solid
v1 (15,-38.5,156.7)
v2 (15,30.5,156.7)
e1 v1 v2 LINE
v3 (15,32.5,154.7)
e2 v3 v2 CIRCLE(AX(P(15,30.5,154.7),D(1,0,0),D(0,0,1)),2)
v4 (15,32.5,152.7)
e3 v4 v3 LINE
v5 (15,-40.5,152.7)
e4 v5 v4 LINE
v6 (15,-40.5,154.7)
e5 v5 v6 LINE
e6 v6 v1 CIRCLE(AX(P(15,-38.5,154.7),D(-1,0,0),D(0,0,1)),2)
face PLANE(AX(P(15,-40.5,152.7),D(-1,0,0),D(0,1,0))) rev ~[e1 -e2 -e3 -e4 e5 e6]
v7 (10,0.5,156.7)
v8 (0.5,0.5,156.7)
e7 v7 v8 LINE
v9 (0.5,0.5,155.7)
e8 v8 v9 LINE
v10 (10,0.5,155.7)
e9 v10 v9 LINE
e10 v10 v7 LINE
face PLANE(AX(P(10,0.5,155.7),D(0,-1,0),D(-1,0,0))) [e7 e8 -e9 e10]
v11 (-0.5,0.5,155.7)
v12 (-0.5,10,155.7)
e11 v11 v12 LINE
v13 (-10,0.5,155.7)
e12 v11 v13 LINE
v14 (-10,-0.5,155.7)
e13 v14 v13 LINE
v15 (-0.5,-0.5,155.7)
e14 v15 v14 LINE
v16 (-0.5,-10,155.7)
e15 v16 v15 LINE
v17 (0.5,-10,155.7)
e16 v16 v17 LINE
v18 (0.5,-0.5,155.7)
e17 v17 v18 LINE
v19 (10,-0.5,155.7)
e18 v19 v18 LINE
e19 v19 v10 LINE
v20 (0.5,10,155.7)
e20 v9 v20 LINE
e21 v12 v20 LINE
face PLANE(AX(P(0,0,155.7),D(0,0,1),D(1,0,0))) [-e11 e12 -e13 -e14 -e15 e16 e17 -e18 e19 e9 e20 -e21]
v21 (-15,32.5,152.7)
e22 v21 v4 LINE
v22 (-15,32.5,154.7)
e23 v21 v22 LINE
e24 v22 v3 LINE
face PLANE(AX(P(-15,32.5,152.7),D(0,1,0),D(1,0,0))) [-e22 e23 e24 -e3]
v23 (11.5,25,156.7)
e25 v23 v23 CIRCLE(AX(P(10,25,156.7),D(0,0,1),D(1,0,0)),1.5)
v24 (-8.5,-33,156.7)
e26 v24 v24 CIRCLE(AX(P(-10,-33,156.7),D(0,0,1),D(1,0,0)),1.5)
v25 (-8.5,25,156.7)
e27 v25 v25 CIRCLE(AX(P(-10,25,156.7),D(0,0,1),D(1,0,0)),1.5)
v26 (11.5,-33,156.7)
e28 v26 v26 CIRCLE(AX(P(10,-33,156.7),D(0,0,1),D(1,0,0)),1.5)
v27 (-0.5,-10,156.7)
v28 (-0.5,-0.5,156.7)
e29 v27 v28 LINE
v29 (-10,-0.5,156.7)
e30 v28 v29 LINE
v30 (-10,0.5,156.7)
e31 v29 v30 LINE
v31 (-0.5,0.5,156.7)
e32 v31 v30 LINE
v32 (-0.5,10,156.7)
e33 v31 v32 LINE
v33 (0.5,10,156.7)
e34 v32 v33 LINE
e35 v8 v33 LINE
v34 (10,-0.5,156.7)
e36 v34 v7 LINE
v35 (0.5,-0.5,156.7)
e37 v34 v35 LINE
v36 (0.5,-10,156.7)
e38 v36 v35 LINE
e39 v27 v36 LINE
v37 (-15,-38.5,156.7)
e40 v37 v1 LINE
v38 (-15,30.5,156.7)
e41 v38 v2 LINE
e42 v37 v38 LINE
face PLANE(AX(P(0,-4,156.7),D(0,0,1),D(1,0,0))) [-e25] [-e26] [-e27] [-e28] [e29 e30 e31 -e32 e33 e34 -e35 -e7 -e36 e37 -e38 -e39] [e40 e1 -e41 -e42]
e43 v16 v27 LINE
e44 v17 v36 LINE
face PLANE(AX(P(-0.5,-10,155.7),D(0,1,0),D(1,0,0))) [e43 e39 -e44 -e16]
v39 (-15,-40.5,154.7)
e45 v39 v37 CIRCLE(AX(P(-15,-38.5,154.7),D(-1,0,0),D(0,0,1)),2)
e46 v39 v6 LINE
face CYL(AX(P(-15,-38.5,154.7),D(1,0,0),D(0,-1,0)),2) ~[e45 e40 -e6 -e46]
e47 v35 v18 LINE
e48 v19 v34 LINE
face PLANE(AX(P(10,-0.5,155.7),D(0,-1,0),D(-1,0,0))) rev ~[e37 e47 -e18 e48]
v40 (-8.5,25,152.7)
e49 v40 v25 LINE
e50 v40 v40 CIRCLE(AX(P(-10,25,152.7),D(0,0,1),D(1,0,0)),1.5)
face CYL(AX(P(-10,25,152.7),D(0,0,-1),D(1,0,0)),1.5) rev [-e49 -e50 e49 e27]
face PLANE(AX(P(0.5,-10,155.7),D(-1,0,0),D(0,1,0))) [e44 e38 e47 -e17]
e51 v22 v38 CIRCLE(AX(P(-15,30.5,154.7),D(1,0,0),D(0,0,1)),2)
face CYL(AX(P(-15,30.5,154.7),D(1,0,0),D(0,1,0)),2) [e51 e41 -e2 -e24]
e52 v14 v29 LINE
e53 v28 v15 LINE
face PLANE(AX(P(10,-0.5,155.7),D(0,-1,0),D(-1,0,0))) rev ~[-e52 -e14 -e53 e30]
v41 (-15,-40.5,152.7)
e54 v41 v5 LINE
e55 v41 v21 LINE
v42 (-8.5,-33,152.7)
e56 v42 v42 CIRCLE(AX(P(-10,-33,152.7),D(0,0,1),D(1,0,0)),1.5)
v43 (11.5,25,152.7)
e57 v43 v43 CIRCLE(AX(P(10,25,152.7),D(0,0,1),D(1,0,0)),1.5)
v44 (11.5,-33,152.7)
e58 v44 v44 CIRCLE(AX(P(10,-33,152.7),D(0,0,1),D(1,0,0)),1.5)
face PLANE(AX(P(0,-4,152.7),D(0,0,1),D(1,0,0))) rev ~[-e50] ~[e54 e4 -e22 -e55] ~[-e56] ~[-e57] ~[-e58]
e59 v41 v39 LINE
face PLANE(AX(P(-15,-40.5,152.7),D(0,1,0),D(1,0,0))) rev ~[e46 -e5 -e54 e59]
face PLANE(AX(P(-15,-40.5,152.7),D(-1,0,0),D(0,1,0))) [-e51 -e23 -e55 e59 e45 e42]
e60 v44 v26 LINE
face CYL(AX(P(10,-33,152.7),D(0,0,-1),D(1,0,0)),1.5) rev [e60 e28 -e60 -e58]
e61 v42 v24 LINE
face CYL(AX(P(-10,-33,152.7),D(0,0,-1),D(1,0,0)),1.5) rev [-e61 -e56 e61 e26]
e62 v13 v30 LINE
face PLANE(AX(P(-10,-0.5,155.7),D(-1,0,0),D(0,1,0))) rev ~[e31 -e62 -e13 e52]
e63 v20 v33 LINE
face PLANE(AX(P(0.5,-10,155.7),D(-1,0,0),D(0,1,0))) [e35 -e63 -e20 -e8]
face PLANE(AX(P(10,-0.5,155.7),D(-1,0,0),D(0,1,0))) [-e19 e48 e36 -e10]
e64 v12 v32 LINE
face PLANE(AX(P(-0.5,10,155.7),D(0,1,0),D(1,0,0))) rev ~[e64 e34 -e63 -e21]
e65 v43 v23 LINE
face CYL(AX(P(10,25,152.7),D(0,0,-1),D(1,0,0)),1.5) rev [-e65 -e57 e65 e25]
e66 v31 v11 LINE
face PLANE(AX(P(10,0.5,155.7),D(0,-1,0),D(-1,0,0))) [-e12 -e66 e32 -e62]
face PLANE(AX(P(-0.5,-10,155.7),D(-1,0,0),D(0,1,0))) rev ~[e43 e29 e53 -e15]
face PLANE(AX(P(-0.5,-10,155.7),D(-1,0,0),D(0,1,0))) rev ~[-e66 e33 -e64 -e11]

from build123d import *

# Parameters (mm, degrees)
CYLINDER041_R     = 1.5
CYLINDER041_DEPTH = 4
CYLINDER040_R     = 1.5
CYLINDER040_DEPTH = 4
CYLINDER042_R     = 1.5
CYLINDER042_DEPTH = 4
BOX010_W          = 1
BOX010_H          = 20
BOX010_DEPTH      = 1
BOX011_W          = 1
BOX011_H          = 20
BOX011_DEPTH      = 1
CYLINDER039_R     = 1.5
CYLINDER039_DEPTH = 4
BOX004_W          = 30
BOX004_H          = 73
BOX004_DEPTH      = 4
FILLET004_R       = 2


with BuildPart() as payload_plate_screw005:
    # Cylinder041 → Cylinder041 (new body)
    with BuildSketch(Plane(origin=(-10, 25, 152.7), x_dir=(1, 0, 0), z_dir=(0, 0, 1))):
        Circle(CYLINDER041_R)
    extrude(amount=CYLINDER041_DEPTH)


with BuildPart() as payload_plate_screw004:
    # Cylinder040 → Cylinder040 (new body)
    with BuildSketch(Plane(origin=(-10, -33, 152.7), x_dir=(1, 0, 0), z_dir=(0, 0, 1))):
        Circle(CYLINDER040_R)
    extrude(amount=CYLINDER040_DEPTH)


with BuildPart() as payload_plate_screw006:
    # Cylinder042 → Cylinder042 (new body)
    with BuildSketch(Plane(origin=(10, 25, 152.7), x_dir=(1, 0, 0), z_dir=(0, 0, 1))):
        Circle(CYLINDER042_R)
    extrude(amount=CYLINDER042_DEPTH)


with BuildPart() as center_plate001:
    # Box010 → Box010 (new body)
    with BuildSketch(Plane(origin=(-0.5, -10, 155.7), x_dir=(1, 0, 0), z_dir=(0, 0, 1))):
        with Locations((0.5, 10)):
            Rectangle(BOX010_W, BOX010_H)
    extrude(amount=BOX010_DEPTH)


with BuildPart() as payload_plate_center:
    # Box011 → Box011 (new body)
    with BuildSketch(Plane(origin=(10, -0.5, 155.7), x_dir=(0, 1, 0), z_dir=(0, 0, 1))):
        with Locations((0.5, 10)):
            Rectangle(BOX011_W, BOX011_H)
    extrude(amount=BOX011_DEPTH)

    # Fusion018: union center-plate001
    add(center_plate001.part)


with BuildPart() as payload_plate_screw_holes:
    # Cylinder039 → Cylinder039 (new body)
    with BuildSketch(Plane(origin=(10, -33, 152.7), x_dir=(1, 0, 0), z_dir=(0, 0, 1))):
        Circle(CYLINDER039_R)
    extrude(amount=CYLINDER039_DEPTH)

    # Compound003: union payload-plate-screw005, payload-plate-screw004, payload-plate-screw006, payload-plate-center
    add(payload_plate_screw005.part)
    add(payload_plate_screw004.part)
    add(payload_plate_screw006.part)
    add(payload_plate_center.part)


with BuildPart() as payload_plate:
    # Box004 → Box004 (new body)
    with BuildSketch(Plane(origin=(-15, -40.5, 152.7), x_dir=(1, 0, 0), z_dir=(0, 0, 1))):
        with Locations((15, 36.5)):
            Rectangle(BOX004_W, BOX004_H)
    extrude(amount=BOX004_DEPTH)

    # Fillet004
    fillet004_edges = [payload_plate.edges().sort_by_distance(p)[0] for p in [
        (0, -40.5, 156.7),
        (0, 32.5, 156.7),
    ]]
    fillet(fillet004_edges, radius=FILLET004_R)

    # Cut035: cut payload-plate-screw-holes
    add(payload_plate_screw_holes.part, mode=Mode.SUBTRACT)


solid = payload_plate.part
